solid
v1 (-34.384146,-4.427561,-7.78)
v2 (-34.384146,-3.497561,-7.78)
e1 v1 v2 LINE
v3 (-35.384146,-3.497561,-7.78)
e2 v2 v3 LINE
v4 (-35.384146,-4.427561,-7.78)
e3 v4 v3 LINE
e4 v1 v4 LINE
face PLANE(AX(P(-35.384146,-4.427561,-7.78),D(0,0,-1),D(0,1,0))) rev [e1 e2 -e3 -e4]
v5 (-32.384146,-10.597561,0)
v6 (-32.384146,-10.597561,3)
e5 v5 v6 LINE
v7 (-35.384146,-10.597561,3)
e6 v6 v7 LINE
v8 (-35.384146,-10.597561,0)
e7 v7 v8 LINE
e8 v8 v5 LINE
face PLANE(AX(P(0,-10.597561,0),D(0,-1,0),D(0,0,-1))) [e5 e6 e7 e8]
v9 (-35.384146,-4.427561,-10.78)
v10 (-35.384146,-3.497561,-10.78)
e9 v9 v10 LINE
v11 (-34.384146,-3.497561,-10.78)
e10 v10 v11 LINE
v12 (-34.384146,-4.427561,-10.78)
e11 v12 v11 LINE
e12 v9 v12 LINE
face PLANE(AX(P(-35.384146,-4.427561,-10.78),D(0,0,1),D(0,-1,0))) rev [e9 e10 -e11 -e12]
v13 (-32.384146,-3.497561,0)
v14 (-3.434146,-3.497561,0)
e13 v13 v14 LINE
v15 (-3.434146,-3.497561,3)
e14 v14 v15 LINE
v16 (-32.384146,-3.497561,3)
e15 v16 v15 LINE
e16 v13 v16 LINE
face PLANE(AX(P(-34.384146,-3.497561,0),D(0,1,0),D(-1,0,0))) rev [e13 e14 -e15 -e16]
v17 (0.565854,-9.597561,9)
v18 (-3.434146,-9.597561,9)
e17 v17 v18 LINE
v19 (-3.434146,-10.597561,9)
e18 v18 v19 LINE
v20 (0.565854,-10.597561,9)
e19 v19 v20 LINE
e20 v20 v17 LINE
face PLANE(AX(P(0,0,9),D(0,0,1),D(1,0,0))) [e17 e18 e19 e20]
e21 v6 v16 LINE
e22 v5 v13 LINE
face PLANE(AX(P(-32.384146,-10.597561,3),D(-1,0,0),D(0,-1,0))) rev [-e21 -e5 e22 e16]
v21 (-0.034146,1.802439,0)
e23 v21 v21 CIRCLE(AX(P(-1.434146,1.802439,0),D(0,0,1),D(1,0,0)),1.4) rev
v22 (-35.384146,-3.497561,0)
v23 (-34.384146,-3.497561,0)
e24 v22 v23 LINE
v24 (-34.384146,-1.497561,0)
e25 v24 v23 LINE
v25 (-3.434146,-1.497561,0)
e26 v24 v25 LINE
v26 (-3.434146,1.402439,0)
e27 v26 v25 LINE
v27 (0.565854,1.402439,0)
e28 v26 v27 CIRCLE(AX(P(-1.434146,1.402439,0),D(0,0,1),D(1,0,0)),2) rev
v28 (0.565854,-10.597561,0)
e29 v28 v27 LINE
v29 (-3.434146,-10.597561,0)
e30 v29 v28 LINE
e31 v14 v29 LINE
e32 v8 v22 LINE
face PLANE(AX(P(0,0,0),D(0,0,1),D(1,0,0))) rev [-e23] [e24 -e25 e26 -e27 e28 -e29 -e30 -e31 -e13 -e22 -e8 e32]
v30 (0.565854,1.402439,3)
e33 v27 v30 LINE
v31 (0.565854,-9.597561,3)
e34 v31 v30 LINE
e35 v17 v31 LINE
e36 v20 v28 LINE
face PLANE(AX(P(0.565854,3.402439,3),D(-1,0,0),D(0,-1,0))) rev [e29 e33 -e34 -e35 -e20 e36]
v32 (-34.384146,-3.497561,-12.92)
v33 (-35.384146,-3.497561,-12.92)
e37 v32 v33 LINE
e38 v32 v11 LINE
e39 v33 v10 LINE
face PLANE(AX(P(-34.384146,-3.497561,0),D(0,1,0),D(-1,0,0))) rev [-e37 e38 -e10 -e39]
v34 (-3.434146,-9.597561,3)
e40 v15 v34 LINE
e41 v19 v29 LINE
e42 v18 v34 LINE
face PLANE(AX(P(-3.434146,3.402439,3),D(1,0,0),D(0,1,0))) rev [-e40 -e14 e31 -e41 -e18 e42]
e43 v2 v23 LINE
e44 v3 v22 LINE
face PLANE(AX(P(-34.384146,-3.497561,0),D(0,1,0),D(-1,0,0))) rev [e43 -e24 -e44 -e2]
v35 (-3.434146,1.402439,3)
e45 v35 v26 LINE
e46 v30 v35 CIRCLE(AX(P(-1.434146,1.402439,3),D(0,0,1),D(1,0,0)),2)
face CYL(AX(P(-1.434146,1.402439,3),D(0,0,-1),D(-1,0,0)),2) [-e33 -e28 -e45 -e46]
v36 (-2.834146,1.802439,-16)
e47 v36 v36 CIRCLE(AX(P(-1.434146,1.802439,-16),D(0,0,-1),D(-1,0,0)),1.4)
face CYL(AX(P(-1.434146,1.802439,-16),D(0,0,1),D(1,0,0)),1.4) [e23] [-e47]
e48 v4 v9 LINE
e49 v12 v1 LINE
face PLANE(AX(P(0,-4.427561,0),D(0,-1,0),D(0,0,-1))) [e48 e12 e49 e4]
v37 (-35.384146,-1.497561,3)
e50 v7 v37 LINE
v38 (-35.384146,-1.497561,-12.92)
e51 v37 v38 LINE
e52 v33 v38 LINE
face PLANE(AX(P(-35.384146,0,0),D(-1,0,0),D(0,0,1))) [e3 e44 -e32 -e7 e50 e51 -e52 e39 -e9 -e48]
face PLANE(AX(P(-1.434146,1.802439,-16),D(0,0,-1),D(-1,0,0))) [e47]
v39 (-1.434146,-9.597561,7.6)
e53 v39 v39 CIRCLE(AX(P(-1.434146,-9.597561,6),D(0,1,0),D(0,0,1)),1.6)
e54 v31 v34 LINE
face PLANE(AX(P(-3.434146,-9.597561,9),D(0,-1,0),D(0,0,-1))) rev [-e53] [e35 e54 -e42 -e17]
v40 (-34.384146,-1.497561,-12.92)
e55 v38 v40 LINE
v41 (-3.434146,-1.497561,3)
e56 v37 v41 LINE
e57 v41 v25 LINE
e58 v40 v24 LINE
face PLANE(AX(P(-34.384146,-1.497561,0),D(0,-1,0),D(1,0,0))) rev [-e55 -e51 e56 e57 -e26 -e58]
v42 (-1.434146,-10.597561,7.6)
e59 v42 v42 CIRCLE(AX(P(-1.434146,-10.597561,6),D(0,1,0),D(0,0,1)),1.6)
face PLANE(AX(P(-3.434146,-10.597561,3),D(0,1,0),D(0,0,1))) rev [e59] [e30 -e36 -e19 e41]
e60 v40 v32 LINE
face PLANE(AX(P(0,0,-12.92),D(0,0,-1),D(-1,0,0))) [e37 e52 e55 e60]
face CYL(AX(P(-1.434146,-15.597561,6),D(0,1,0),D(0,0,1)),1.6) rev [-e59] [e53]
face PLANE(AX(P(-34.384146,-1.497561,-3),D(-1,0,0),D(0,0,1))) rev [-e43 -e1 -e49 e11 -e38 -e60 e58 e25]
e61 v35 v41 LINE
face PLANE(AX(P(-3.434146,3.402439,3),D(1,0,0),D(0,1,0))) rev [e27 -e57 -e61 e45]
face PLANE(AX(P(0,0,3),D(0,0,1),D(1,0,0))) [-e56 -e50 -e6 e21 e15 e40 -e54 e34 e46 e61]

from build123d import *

# Parameters (mm, degrees)
SKETCH1_W            = 4
SKETCH1_H            = 14
BOSS_EXTRUDE1_DEPTH  = 3
SKETCH2_R            = 1.4
BOSS_EXTRUDE2_DEPTH  = 16
FILLET1_RADIUS       = 2
FILLET1_LENGTH       = 3
SKETCH3_W            = 4
SKETCH3_H            = 1
BOSS_EXTRUDE4_DEPTH  = 6
SKETCH6_R            = 1.6
CUT_EXTRUDE2_DEPTH   = 6
SKETCH7_W            = 3
SKETCH7_H            = 2
BOSS_EXTRUDE5_DEPTH  = 30.95
SKETCH8_W            = 3
SKETCH8_H            = 2
BOSS_EXTRUDE6_DEPTH  = 1
SKETCH9_W            = 1
SKETCH9_H            = 2
BOSS_EXTRUDE7_DEPTH  = 3
SKETCH10_W           = 1
SKETCH10_H           = 2
BOSS_EXTRUDE8_DEPTH  = 5.92
SKETCH11_W           = 1
SKETCH11_H           = 2
BOSS_EXTRUDE9_DEPTH  = 4
SKETCH12_W           = 1
SKETCH12_H           = 3
BOSS_EXTRUDE14_DEPTH = 0.93
SKETCH13_W           = 3
SKETCH13_H           = 3
BOSS_EXTRUDE15_DEPTH = 7.1


with BuildPart() as part:
    # Sketch1 → Boss-Extrude1 (new body)
    with BuildSketch(Plane.XY):
        with Locations((-1.434146341, -3.597560976)):
            Rectangle(SKETCH1_W, SKETCH1_H)
    extrude(amount=BOSS_EXTRUDE1_DEPTH)

    # Sketch2 → Boss-Extrude2 (add)
    with BuildSketch(Plane(origin=(0, 0, 0), x_dir=(-1, 0, 0), z_dir=(0, 0, -1))):
        with Locations(Location((1.434146341, 1.802439024, 0), (0, 0, 180))):
            Circle(SKETCH2_R)
    extrude(amount=BOSS_EXTRUDE2_DEPTH)

    # Fillet1: full round fillet: the end face becomes a half cylinder, R = half its width
    fillet1_face = Plane((-1.434146341, 3.402439024, 1.5), x_dir=(0, 0, 1), z_dir=(0, 1, 0))  # on the end face: x along it, z out of the body
    fillet1_slab = fillet1_face.offset(-FILLET1_RADIUS / 2) * Box(FILLET1_LENGTH, 2 * FILLET1_RADIUS, FILLET1_RADIUS, mode=Mode.PRIVATE)  # the body's end, R deep
    fillet1_round = Plane((-1.434146341, 1.402439024, 1.5), x_dir=(0, 1, 0), z_dir=(0, 0, 1)) * Cylinder(FILLET1_RADIUS, FILLET1_LENGTH, mode=Mode.PRIVATE)  # its axis R under the face
    add(fillet1_slab - fillet1_round, mode=Mode.SUBTRACT)

    # Sketch3 → Boss-Extrude4 (add)
    with BuildSketch(Plane.XY.offset(3)):
        with Locations((-1.434146341, -10.097560976)):
            Rectangle(SKETCH3_W, SKETCH3_H)
    extrude(amount=BOSS_EXTRUDE4_DEPTH)

    # Sketch6 → Cut-Extrude2 (cut)
    with BuildSketch(Plane(origin=(0, -9.597560976, 0), x_dir=(1, 0, 0), z_dir=(0, 1, 0))):
        with Locations(Location((-1.434146341, -6, 0), (0, 0, 270))):
            Circle(SKETCH6_R)
    extrude(amount=-CUT_EXTRUDE2_DEPTH, mode=Mode.SUBTRACT)

    # Sketch7 → Boss-Extrude5 (add)
    with BuildSketch(Plane.ZY.offset(3.434146341)):
        with Locations((1.5, -2.497560976)):
            Rectangle(SKETCH7_W, SKETCH7_H)
    extrude(amount=BOSS_EXTRUDE5_DEPTH)

    # Sketch8 → Boss-Extrude6 (add)
    with BuildSketch(Plane.ZY.offset(34.384146341)):
        with Locations((1.5, -2.497560976)):
            Rectangle(SKETCH8_W, SKETCH8_H)
    extrude(amount=BOSS_EXTRUDE6_DEPTH)

    # Sketch9 → Boss-Extrude7 (add)
    with BuildSketch(Plane(origin=(0, 0, 0), x_dir=(-1, 0, 0), z_dir=(0, 0, -1))):
        with Locations((34.884146341, -2.497560976)):
            Rectangle(SKETCH9_W, SKETCH9_H)
    extrude(amount=BOSS_EXTRUDE7_DEPTH)

    # Sketch10 → Boss-Extrude8 (add)
    with BuildSketch(Plane(origin=(0, 0, -3), x_dir=(-1, 0, 0), z_dir=(0, 0, -1))):
        with Locations((34.884146341, -2.497560976)):
            Rectangle(SKETCH10_W, SKETCH10_H)
    extrude(amount=BOSS_EXTRUDE8_DEPTH)

    # Sketch11 → Boss-Extrude9 (add)
    with BuildSketch(Plane(origin=(0, 0, -8.92), x_dir=(-1, 0, 0), z_dir=(0, 0, -1))):
        with Locations((34.884146341, -2.497560976)):
            Rectangle(SKETCH11_W, SKETCH11_H)
    extrude(amount=BOSS_EXTRUDE9_DEPTH)

    # Sketch12 → Boss-Extrude14 (add)
    with BuildSketch(Plane.XZ.offset(3.497560976)):
        with Locations((-34.884146341, -9.28)):
            Rectangle(SKETCH12_W, SKETCH12_H)
    extrude(amount=BOSS_EXTRUDE14_DEPTH)

    # Sketch13 → Boss-Extrude15 (add)
    with BuildSketch(Plane.XZ.offset(3.497560976)):
        with Locations((-33.884146341, 1.5)):
            Rectangle(SKETCH13_W, SKETCH13_H)
    extrude(amount=BOSS_EXTRUDE15_DEPTH)


solid = part.part
